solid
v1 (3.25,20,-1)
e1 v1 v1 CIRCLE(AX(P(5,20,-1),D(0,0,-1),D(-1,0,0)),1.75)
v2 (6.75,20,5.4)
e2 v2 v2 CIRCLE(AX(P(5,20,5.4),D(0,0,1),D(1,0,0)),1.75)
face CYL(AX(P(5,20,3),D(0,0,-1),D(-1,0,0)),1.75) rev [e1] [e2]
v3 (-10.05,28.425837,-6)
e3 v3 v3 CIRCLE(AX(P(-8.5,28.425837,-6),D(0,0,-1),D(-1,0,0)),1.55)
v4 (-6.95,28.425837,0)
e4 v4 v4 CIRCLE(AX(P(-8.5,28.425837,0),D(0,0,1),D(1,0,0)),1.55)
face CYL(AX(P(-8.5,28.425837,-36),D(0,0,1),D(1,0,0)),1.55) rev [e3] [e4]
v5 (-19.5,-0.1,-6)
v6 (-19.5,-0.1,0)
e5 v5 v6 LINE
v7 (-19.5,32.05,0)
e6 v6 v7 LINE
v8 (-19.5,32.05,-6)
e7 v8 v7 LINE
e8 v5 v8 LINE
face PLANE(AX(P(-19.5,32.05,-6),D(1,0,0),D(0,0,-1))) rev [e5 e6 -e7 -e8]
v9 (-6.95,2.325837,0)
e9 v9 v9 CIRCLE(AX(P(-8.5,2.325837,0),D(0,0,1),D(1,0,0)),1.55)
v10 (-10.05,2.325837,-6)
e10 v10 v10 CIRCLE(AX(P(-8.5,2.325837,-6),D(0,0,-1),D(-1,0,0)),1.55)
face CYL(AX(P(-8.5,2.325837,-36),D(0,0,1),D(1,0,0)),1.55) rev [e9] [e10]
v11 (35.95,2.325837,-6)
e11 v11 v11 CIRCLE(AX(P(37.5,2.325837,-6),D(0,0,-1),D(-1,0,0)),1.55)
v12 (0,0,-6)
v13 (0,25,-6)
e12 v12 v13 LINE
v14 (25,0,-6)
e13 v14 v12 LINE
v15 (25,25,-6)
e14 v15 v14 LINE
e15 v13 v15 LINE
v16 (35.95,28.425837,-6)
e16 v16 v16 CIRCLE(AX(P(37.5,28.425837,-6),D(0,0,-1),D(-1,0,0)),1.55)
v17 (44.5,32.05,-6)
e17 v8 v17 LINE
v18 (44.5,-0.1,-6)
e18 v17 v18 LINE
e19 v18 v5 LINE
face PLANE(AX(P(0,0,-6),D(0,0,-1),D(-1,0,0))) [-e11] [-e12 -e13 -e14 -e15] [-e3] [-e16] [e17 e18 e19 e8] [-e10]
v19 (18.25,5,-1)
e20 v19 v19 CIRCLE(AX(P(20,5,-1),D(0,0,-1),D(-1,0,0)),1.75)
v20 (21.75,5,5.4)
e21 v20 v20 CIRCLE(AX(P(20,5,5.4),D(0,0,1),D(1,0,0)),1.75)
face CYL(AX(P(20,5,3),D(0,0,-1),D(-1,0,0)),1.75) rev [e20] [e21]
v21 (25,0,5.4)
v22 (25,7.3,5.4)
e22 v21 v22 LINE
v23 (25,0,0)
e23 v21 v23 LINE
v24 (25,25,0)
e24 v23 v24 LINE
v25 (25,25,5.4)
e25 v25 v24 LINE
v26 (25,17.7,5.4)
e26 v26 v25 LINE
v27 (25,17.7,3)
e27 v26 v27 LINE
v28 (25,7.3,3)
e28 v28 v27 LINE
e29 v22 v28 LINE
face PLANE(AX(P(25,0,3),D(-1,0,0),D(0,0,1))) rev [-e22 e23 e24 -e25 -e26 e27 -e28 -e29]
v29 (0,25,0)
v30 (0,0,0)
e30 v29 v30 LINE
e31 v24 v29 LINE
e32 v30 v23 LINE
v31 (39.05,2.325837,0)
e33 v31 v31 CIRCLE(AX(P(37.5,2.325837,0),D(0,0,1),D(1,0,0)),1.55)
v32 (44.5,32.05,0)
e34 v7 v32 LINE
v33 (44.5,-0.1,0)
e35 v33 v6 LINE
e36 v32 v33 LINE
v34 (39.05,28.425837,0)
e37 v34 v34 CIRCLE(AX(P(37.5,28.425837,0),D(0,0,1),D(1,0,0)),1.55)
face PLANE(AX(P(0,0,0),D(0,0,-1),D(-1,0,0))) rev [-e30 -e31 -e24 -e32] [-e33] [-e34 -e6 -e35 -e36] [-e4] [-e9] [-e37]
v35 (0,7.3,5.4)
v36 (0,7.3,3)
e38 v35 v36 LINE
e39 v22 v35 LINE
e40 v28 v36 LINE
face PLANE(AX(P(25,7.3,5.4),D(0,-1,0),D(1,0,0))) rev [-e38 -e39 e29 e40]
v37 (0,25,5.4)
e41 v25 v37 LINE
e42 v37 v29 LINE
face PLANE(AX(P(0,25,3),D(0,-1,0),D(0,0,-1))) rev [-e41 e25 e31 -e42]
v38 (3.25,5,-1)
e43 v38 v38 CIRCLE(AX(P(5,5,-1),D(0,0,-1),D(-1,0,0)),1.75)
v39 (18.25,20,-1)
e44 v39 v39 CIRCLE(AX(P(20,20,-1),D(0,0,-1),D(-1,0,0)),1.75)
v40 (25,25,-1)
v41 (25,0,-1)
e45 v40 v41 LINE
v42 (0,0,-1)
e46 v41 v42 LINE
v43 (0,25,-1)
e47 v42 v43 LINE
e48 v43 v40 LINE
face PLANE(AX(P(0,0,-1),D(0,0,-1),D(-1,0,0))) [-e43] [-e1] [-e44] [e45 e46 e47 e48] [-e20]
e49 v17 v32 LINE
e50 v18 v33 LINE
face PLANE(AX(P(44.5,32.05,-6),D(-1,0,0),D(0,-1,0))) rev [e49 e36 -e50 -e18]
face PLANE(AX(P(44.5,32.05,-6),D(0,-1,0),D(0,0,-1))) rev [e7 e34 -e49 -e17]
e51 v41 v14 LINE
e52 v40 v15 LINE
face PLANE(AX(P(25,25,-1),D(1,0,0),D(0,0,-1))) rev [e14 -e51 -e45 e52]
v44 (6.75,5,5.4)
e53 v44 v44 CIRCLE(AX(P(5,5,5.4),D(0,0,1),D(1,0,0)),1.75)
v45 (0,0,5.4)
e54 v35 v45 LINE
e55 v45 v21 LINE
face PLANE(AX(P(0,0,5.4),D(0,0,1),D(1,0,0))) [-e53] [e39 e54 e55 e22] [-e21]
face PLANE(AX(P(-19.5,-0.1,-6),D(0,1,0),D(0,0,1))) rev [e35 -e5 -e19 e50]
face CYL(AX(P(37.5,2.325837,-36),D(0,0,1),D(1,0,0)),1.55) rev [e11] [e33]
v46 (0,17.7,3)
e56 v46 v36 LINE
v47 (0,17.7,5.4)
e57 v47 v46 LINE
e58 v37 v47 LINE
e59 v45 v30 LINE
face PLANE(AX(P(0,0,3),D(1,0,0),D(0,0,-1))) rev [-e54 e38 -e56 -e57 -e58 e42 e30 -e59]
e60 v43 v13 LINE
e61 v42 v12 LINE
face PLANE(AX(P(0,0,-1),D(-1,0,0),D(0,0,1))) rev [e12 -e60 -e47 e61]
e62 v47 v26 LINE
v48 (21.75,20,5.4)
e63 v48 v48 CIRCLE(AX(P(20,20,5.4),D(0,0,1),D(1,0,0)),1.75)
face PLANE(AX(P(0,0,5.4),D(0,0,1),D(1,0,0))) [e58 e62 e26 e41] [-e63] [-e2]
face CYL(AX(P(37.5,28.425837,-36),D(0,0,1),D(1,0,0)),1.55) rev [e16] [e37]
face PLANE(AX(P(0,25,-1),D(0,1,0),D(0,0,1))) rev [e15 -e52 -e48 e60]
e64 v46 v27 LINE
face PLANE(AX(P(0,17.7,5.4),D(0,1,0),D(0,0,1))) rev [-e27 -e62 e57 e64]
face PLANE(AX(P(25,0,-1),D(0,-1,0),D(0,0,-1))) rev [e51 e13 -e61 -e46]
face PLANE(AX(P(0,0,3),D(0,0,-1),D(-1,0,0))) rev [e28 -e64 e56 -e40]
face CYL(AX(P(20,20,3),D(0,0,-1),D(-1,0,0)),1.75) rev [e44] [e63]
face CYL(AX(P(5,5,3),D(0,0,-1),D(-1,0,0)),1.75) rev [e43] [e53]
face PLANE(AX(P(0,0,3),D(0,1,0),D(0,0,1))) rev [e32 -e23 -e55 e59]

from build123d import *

# Parameters (mm, degrees)
SKETCH_1_W          = 25
SKETCH_1_H          = 25
SKETCH_1_R          = 1.75
EXTRUDE_1_DEPTH     = 3
SKETCH_2_W          = 25
SKETCH_2_H          = 7.3
EXTRUDE_2_DEPTH     = 2.4
SKETCH_3_R          = 1.75
CUT_EXTRUDE_1_DEPTH = 36.765346356
SKETCH_6_W          = 64
SKETCH_6_H          = 36.1
EXTRUDE_5_DEPTH     = 6
SKETCH_7_W          = 25
SKETCH_7_H          = 25
CUT_EXTRUDE_2_DEPTH = 5
SKETCH_8_R          = 1.55
CUT_EXTRUDE_3_DEPTH = 36
SKETCH_3_2_R        = 1.75
CUT_EXTRUDE_5_DEPTH = 57.012610187
SKETCH_9_W          = 64
SKETCH_9_H          = 3.95
CUT_EXTRUDE_6_DEPTH = 56.167494959


with BuildPart() as part:
    # 草图1 → 凸台-拉伸1 (new body)
    with BuildSketch(Plane.XY):
        with Locations((12.5, 12.5)):
            Rectangle(SKETCH_1_W, SKETCH_1_H)
        with Locations((5, 20)):
            Circle(SKETCH_1_R, mode=Mode.SUBTRACT)
        with Locations((20, 20)):
            Circle(SKETCH_1_R, mode=Mode.SUBTRACT)
        with Locations((5, 5)):
            Circle(SKETCH_1_R, mode=Mode.SUBTRACT)
        with Locations((20, 5)):
            Circle(SKETCH_1_R, mode=Mode.SUBTRACT)
    extrude(amount=EXTRUDE_1_DEPTH)

    # 草图2 → 凸台-拉伸2 (add)
    with BuildSketch(Plane.XY.offset(3)):
        with Locations((12.5, 21.35)):
            Rectangle(SKETCH_2_W, SKETCH_2_H)
        with Locations((12.5, 3.65)):
            Rectangle(SKETCH_2_W, SKETCH_2_H)
    extrude(amount=EXTRUDE_2_DEPTH)

    # 草图3 → 切除-拉伸1 (cut, through all)
    with BuildSketch(Plane.XY.offset(5.4)):
        with Locations((5, 5)):
            Circle(SKETCH_3_R)
        with Locations((20, 5)):
            Circle(SKETCH_3_R)
        with Locations((20, 20)):
            Circle(SKETCH_3_R)
        with Locations((5, 20)):
            Circle(SKETCH_3_R)
    extrude(amount=-CUT_EXTRUDE_1_DEPTH, mode=Mode.SUBTRACT)

    # 草图6 → 凸台-拉伸5 (add)
    with BuildSketch(Plane(origin=(0, 0, 0), x_dir=(-1, 0, 0), z_dir=(0, 0, -1))):
        with Locations((-12.5, 14)):
            Rectangle(SKETCH_6_W, SKETCH_6_H)
    extrude(amount=EXTRUDE_5_DEPTH)

    # 草图7 → 切除-拉伸2 (cut)
    with BuildSketch(Plane(origin=(0, 0, -6), x_dir=(-1, 0, 0), z_dir=(0, 0, -1))):
        with Locations((-12.5, 12.5)):
            Rectangle(SKETCH_7_W, SKETCH_7_H)
    extrude(amount=-CUT_EXTRUDE_2_DEPTH, mode=Mode.SUBTRACT)

    # 草图8 → 切除-拉伸3 (cut)
    with BuildSketch(Plane.XY):
        with Locations((37.5, 2.325837481)):
            Circle(SKETCH_8_R)
        with Locations((-8.5, 2.325837481)):
            Circle(SKETCH_8_R)
        with Locations((-8.5, 28.425837481)):
            Circle(SKETCH_8_R)
        with Locations((37.5, 28.425837481)):
            Circle(SKETCH_8_R)
    extrude(amount=-CUT_EXTRUDE_3_DEPTH, mode=Mode.SUBTRACT)

    # 草图3<2> → 切除-拉伸5 (cut, through all)
    with BuildSketch(Plane.XY.offset(5.4)):
        with Locations((5, 5)):
            Circle(SKETCH_3_2_R)
        with Locations((20, 5)):
            Circle(SKETCH_3_2_R)
        with Locations((20, 20)):
            Circle(SKETCH_3_2_R)
        with Locations((5, 20)):
            Circle(SKETCH_3_2_R)
    extrude(amount=-CUT_EXTRUDE_5_DEPTH, mode=Mode.SUBTRACT)

    # 草图9 → 切除-拉伸6 (cut, through all)
    with BuildSketch(Plane.XY):
        with Locations((12.5, -2.075)):
            Rectangle(SKETCH_9_W, SKETCH_9_H)
    extrude(amount=-CUT_EXTRUDE_6_DEPTH, mode=Mode.SUBTRACT)


solid = part.part
